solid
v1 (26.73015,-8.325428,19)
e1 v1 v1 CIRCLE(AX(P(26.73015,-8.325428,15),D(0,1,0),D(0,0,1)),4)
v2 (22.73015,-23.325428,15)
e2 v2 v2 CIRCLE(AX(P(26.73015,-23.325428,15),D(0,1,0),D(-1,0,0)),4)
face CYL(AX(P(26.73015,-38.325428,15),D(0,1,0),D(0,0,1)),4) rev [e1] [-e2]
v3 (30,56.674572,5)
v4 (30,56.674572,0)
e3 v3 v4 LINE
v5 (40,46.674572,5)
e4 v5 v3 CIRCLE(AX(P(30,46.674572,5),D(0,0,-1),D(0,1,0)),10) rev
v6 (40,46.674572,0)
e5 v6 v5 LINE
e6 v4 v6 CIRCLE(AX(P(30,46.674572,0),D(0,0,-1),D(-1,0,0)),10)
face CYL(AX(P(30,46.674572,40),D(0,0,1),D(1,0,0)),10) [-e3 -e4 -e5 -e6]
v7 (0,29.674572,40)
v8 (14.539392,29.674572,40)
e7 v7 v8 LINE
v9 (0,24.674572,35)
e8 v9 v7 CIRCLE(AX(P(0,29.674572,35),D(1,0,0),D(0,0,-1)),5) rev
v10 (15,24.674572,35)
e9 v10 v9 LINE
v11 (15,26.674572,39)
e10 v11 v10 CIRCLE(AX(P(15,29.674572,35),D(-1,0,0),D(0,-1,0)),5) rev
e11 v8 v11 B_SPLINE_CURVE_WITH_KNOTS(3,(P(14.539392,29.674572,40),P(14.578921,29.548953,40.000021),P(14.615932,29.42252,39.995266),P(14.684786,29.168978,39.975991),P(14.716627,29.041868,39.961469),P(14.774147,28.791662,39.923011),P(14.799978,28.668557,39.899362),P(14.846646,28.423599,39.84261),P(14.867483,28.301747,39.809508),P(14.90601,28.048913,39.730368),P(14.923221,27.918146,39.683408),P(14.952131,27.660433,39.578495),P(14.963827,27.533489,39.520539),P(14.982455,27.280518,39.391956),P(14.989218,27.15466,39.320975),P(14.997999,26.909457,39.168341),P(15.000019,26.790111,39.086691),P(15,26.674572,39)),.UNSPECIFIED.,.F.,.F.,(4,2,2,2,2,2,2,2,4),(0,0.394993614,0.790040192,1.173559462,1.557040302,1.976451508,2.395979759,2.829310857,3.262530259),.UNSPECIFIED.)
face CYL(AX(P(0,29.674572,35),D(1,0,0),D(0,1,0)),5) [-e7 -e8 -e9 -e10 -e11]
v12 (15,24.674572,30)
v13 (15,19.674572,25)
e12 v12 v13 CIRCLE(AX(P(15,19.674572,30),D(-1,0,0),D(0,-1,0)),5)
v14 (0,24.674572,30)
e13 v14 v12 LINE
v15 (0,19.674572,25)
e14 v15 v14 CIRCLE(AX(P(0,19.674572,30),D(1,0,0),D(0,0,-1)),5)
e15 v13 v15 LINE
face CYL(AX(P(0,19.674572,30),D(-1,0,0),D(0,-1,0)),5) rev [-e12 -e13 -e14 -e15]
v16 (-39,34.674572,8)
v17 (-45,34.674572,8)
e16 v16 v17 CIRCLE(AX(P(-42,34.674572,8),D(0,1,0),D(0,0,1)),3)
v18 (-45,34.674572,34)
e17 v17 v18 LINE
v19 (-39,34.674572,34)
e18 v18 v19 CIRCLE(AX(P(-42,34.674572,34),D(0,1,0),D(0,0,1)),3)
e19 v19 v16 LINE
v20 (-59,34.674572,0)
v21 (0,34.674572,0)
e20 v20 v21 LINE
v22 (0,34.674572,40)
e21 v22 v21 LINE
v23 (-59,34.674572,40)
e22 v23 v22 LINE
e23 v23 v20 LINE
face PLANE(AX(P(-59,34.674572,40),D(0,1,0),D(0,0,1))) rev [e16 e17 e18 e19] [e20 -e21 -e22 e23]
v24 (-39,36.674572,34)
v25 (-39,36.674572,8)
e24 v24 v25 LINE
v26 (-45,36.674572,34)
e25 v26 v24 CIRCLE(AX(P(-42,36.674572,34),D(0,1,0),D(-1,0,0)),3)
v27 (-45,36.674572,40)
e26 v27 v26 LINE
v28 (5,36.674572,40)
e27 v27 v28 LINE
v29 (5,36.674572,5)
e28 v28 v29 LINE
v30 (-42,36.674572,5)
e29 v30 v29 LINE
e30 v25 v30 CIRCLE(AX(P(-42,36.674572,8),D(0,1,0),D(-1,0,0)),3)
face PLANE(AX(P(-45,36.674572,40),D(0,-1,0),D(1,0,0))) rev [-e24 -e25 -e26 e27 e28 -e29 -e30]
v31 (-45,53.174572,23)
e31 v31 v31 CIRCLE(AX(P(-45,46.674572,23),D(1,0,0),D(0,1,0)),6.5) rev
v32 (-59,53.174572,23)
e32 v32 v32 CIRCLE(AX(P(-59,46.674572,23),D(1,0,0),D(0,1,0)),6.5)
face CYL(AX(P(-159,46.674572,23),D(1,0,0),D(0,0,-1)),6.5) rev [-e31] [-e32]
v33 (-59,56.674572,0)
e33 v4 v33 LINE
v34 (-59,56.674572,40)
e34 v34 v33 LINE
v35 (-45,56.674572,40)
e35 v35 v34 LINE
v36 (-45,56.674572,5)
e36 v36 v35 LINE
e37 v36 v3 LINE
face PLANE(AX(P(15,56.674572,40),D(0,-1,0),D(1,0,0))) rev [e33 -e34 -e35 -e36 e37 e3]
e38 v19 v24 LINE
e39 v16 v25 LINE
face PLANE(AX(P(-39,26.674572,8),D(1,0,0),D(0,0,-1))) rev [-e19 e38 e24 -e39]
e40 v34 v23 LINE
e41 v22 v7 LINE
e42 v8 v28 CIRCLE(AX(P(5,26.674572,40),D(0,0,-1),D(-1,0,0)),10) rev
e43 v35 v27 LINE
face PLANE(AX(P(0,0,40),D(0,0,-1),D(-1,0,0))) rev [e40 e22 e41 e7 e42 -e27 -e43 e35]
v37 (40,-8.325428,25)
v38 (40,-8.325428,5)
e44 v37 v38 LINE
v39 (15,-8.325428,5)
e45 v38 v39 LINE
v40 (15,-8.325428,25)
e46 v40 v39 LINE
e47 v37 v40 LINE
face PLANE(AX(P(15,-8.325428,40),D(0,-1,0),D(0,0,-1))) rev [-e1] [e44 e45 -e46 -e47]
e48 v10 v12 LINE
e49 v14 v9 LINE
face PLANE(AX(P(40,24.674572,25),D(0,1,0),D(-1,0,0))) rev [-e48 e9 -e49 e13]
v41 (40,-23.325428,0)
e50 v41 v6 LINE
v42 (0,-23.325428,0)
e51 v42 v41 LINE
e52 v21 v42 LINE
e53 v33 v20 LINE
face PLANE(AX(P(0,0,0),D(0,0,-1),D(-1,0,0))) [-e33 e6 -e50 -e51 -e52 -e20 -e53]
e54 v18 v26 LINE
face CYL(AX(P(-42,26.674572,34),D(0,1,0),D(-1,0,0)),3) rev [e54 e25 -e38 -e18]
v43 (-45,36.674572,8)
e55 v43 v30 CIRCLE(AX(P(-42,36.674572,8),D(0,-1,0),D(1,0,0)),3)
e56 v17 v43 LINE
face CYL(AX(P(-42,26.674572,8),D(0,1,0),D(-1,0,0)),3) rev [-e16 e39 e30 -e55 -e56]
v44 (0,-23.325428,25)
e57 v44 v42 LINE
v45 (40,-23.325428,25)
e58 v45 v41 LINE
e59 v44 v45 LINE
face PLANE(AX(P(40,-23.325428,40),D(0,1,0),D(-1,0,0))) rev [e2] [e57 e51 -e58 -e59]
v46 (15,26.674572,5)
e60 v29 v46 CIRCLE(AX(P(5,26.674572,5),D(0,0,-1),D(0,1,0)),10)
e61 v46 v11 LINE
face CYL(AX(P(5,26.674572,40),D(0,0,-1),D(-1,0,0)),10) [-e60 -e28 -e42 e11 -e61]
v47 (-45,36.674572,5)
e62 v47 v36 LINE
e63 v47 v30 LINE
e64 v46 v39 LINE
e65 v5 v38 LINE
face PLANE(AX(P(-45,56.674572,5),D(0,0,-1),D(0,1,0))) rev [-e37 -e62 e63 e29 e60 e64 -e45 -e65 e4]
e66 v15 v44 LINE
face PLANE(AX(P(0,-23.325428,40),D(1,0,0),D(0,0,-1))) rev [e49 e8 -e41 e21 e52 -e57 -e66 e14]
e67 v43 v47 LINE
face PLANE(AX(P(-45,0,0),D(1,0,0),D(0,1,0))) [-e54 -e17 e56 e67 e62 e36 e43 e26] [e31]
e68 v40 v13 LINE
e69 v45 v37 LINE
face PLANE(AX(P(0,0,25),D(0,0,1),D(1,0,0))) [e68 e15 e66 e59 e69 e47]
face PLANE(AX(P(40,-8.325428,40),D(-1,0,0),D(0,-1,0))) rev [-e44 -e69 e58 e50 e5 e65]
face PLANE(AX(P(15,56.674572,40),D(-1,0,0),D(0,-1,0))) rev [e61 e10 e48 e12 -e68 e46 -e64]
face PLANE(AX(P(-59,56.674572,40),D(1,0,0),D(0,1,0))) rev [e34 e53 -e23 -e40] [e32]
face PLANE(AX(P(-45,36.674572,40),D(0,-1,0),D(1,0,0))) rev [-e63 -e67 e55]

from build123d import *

# Parameters (mm, degrees)
BOSS_EXTRUDE1_DEPTH     = 40
SKETCH2_R               = 4
CUT_EXTRUDE1_DEPTH      = 30
CUT_EXTRUDE2_DEPTH      = 100
CUT_EXTRUDE2_DEPTH_BACK = 100
SKETCH3_R               = 6.5
SKETCH5_W               = 35
SKETCH5_H               = 20
CUT_EXTRUDE3_DEPTH      = 60
SKETCH6_W               = 5
SKETCH6_H               = 65
BOSS_EXTRUDE2_DEPTH     = 25
CUT_EXTRUDE4_DEPTH      = 10
FILLET1_R               = 10
SKETCH8_W               = 40
SKETCH8_H               = 48
CUT_EXTRUDE5_DEPTH      = 15
FILLET2_R               = 5


with BuildPart() as part:
    # Sketch1 → Boss-Extrude1 (new body)
    with BuildSketch(Plane.XY):
        Polygon((40, -23.325428286), (0, -23.325428286), (0, 34.674571714), (-59, 34.674571714), (-59, 56.674571714), (15, 56.674571714), (15, -8.325428286), (40, -8.325428286), align=None)
    extrude(amount=BOSS_EXTRUDE1_DEPTH)

    # Sketch2 → Cut-Extrude1 (cut)
    with BuildSketch(Plane(origin=(0, -8.325428286, 0), x_dir=(1, 0, 0), z_dir=(0, 1, 0))):
        with Locations((26.730150284, -15)):
            Circle(SKETCH2_R)
    extrude(amount=-CUT_EXTRUDE1_DEPTH, mode=Mode.SUBTRACT)

    # Sketch3 → Cut-Extrude2 (cut, two sides: drawn at the far end of the back side and taken through both)
    with BuildSketch(Plane(origin=(-59, 0, 0), x_dir=(0, 0, -1), z_dir=(1, 0, 0)).offset(-CUT_EXTRUDE2_DEPTH_BACK)):
        with Locations((-23, 46.674571714)):
            Circle(SKETCH3_R)
    extrude(amount=CUT_EXTRUDE2_DEPTH + CUT_EXTRUDE2_DEPTH_BACK, mode=Mode.SUBTRACT)

    # Sketch5 → Cut-Extrude3 (cut)
    with BuildSketch(Plane(origin=(15, 0, 0), x_dir=(0, 0, -1), z_dir=(1, 0, 0))):
        with Locations((-22.5, 46.674571714)):
            Rectangle(SKETCH5_W, SKETCH5_H)
    extrude(amount=-CUT_EXTRUDE3_DEPTH, mode=Mode.SUBTRACT)

    # Sketch6 → Boss-Extrude2 (add)
    with BuildSketch(Plane(origin=(15, 0, 0), x_dir=(0, 0, -1), z_dir=(1, 0, 0))):
        with Locations((-2.5, 24.174571714)):
            Rectangle(SKETCH6_W, SKETCH6_H)
    extrude(amount=BOSS_EXTRUDE2_DEPTH)

    # Sketch7 → Cut-Extrude4 (cut)
    with BuildSketch(Plane(origin=(0, 36.674571714, 0), x_dir=(1, 0, 0), z_dir=(0, 1, 0))):
        with BuildLine():
            Line((-39, -8), (-39, -34))
            ThreePointArc((-39, -34), (-42, -37), (-45, -34))
            Line((-45, -34), (-45, -8))
            ThreePointArc((-45, -8), (-42, -5), (-39, -8))
        make_face()
    extrude(amount=-CUT_EXTRUDE4_DEPTH, mode=Mode.SUBTRACT)

    # Fillet1
    fillet1_edges = [part.edges().sort_by_distance(p)[0] for p in [
        (15, 36.674571714, 22.5),
        (40, 56.674571714, 2.5),
    ]]
    fillet(fillet1_edges, radius=FILLET1_R)

    # Sketch8 → Cut-Extrude5 (cut)
    with BuildSketch(Plane.XY.offset(40)):
        with Locations((20, 0.674571714)):
            Rectangle(SKETCH8_W, SKETCH8_H)
    extrude(amount=-CUT_EXTRUDE5_DEPTH, mode=Mode.SUBTRACT)

    # Fillet2
    fillet2_edges = [part.edges().sort_by_distance(p)[0] for p in [
        (7.5, 24.674571714, 40),
        (7.5, 24.674571714, 25),
    ]]
    fillet(fillet2_edges, radius=FILLET2_R)


solid = part.part
